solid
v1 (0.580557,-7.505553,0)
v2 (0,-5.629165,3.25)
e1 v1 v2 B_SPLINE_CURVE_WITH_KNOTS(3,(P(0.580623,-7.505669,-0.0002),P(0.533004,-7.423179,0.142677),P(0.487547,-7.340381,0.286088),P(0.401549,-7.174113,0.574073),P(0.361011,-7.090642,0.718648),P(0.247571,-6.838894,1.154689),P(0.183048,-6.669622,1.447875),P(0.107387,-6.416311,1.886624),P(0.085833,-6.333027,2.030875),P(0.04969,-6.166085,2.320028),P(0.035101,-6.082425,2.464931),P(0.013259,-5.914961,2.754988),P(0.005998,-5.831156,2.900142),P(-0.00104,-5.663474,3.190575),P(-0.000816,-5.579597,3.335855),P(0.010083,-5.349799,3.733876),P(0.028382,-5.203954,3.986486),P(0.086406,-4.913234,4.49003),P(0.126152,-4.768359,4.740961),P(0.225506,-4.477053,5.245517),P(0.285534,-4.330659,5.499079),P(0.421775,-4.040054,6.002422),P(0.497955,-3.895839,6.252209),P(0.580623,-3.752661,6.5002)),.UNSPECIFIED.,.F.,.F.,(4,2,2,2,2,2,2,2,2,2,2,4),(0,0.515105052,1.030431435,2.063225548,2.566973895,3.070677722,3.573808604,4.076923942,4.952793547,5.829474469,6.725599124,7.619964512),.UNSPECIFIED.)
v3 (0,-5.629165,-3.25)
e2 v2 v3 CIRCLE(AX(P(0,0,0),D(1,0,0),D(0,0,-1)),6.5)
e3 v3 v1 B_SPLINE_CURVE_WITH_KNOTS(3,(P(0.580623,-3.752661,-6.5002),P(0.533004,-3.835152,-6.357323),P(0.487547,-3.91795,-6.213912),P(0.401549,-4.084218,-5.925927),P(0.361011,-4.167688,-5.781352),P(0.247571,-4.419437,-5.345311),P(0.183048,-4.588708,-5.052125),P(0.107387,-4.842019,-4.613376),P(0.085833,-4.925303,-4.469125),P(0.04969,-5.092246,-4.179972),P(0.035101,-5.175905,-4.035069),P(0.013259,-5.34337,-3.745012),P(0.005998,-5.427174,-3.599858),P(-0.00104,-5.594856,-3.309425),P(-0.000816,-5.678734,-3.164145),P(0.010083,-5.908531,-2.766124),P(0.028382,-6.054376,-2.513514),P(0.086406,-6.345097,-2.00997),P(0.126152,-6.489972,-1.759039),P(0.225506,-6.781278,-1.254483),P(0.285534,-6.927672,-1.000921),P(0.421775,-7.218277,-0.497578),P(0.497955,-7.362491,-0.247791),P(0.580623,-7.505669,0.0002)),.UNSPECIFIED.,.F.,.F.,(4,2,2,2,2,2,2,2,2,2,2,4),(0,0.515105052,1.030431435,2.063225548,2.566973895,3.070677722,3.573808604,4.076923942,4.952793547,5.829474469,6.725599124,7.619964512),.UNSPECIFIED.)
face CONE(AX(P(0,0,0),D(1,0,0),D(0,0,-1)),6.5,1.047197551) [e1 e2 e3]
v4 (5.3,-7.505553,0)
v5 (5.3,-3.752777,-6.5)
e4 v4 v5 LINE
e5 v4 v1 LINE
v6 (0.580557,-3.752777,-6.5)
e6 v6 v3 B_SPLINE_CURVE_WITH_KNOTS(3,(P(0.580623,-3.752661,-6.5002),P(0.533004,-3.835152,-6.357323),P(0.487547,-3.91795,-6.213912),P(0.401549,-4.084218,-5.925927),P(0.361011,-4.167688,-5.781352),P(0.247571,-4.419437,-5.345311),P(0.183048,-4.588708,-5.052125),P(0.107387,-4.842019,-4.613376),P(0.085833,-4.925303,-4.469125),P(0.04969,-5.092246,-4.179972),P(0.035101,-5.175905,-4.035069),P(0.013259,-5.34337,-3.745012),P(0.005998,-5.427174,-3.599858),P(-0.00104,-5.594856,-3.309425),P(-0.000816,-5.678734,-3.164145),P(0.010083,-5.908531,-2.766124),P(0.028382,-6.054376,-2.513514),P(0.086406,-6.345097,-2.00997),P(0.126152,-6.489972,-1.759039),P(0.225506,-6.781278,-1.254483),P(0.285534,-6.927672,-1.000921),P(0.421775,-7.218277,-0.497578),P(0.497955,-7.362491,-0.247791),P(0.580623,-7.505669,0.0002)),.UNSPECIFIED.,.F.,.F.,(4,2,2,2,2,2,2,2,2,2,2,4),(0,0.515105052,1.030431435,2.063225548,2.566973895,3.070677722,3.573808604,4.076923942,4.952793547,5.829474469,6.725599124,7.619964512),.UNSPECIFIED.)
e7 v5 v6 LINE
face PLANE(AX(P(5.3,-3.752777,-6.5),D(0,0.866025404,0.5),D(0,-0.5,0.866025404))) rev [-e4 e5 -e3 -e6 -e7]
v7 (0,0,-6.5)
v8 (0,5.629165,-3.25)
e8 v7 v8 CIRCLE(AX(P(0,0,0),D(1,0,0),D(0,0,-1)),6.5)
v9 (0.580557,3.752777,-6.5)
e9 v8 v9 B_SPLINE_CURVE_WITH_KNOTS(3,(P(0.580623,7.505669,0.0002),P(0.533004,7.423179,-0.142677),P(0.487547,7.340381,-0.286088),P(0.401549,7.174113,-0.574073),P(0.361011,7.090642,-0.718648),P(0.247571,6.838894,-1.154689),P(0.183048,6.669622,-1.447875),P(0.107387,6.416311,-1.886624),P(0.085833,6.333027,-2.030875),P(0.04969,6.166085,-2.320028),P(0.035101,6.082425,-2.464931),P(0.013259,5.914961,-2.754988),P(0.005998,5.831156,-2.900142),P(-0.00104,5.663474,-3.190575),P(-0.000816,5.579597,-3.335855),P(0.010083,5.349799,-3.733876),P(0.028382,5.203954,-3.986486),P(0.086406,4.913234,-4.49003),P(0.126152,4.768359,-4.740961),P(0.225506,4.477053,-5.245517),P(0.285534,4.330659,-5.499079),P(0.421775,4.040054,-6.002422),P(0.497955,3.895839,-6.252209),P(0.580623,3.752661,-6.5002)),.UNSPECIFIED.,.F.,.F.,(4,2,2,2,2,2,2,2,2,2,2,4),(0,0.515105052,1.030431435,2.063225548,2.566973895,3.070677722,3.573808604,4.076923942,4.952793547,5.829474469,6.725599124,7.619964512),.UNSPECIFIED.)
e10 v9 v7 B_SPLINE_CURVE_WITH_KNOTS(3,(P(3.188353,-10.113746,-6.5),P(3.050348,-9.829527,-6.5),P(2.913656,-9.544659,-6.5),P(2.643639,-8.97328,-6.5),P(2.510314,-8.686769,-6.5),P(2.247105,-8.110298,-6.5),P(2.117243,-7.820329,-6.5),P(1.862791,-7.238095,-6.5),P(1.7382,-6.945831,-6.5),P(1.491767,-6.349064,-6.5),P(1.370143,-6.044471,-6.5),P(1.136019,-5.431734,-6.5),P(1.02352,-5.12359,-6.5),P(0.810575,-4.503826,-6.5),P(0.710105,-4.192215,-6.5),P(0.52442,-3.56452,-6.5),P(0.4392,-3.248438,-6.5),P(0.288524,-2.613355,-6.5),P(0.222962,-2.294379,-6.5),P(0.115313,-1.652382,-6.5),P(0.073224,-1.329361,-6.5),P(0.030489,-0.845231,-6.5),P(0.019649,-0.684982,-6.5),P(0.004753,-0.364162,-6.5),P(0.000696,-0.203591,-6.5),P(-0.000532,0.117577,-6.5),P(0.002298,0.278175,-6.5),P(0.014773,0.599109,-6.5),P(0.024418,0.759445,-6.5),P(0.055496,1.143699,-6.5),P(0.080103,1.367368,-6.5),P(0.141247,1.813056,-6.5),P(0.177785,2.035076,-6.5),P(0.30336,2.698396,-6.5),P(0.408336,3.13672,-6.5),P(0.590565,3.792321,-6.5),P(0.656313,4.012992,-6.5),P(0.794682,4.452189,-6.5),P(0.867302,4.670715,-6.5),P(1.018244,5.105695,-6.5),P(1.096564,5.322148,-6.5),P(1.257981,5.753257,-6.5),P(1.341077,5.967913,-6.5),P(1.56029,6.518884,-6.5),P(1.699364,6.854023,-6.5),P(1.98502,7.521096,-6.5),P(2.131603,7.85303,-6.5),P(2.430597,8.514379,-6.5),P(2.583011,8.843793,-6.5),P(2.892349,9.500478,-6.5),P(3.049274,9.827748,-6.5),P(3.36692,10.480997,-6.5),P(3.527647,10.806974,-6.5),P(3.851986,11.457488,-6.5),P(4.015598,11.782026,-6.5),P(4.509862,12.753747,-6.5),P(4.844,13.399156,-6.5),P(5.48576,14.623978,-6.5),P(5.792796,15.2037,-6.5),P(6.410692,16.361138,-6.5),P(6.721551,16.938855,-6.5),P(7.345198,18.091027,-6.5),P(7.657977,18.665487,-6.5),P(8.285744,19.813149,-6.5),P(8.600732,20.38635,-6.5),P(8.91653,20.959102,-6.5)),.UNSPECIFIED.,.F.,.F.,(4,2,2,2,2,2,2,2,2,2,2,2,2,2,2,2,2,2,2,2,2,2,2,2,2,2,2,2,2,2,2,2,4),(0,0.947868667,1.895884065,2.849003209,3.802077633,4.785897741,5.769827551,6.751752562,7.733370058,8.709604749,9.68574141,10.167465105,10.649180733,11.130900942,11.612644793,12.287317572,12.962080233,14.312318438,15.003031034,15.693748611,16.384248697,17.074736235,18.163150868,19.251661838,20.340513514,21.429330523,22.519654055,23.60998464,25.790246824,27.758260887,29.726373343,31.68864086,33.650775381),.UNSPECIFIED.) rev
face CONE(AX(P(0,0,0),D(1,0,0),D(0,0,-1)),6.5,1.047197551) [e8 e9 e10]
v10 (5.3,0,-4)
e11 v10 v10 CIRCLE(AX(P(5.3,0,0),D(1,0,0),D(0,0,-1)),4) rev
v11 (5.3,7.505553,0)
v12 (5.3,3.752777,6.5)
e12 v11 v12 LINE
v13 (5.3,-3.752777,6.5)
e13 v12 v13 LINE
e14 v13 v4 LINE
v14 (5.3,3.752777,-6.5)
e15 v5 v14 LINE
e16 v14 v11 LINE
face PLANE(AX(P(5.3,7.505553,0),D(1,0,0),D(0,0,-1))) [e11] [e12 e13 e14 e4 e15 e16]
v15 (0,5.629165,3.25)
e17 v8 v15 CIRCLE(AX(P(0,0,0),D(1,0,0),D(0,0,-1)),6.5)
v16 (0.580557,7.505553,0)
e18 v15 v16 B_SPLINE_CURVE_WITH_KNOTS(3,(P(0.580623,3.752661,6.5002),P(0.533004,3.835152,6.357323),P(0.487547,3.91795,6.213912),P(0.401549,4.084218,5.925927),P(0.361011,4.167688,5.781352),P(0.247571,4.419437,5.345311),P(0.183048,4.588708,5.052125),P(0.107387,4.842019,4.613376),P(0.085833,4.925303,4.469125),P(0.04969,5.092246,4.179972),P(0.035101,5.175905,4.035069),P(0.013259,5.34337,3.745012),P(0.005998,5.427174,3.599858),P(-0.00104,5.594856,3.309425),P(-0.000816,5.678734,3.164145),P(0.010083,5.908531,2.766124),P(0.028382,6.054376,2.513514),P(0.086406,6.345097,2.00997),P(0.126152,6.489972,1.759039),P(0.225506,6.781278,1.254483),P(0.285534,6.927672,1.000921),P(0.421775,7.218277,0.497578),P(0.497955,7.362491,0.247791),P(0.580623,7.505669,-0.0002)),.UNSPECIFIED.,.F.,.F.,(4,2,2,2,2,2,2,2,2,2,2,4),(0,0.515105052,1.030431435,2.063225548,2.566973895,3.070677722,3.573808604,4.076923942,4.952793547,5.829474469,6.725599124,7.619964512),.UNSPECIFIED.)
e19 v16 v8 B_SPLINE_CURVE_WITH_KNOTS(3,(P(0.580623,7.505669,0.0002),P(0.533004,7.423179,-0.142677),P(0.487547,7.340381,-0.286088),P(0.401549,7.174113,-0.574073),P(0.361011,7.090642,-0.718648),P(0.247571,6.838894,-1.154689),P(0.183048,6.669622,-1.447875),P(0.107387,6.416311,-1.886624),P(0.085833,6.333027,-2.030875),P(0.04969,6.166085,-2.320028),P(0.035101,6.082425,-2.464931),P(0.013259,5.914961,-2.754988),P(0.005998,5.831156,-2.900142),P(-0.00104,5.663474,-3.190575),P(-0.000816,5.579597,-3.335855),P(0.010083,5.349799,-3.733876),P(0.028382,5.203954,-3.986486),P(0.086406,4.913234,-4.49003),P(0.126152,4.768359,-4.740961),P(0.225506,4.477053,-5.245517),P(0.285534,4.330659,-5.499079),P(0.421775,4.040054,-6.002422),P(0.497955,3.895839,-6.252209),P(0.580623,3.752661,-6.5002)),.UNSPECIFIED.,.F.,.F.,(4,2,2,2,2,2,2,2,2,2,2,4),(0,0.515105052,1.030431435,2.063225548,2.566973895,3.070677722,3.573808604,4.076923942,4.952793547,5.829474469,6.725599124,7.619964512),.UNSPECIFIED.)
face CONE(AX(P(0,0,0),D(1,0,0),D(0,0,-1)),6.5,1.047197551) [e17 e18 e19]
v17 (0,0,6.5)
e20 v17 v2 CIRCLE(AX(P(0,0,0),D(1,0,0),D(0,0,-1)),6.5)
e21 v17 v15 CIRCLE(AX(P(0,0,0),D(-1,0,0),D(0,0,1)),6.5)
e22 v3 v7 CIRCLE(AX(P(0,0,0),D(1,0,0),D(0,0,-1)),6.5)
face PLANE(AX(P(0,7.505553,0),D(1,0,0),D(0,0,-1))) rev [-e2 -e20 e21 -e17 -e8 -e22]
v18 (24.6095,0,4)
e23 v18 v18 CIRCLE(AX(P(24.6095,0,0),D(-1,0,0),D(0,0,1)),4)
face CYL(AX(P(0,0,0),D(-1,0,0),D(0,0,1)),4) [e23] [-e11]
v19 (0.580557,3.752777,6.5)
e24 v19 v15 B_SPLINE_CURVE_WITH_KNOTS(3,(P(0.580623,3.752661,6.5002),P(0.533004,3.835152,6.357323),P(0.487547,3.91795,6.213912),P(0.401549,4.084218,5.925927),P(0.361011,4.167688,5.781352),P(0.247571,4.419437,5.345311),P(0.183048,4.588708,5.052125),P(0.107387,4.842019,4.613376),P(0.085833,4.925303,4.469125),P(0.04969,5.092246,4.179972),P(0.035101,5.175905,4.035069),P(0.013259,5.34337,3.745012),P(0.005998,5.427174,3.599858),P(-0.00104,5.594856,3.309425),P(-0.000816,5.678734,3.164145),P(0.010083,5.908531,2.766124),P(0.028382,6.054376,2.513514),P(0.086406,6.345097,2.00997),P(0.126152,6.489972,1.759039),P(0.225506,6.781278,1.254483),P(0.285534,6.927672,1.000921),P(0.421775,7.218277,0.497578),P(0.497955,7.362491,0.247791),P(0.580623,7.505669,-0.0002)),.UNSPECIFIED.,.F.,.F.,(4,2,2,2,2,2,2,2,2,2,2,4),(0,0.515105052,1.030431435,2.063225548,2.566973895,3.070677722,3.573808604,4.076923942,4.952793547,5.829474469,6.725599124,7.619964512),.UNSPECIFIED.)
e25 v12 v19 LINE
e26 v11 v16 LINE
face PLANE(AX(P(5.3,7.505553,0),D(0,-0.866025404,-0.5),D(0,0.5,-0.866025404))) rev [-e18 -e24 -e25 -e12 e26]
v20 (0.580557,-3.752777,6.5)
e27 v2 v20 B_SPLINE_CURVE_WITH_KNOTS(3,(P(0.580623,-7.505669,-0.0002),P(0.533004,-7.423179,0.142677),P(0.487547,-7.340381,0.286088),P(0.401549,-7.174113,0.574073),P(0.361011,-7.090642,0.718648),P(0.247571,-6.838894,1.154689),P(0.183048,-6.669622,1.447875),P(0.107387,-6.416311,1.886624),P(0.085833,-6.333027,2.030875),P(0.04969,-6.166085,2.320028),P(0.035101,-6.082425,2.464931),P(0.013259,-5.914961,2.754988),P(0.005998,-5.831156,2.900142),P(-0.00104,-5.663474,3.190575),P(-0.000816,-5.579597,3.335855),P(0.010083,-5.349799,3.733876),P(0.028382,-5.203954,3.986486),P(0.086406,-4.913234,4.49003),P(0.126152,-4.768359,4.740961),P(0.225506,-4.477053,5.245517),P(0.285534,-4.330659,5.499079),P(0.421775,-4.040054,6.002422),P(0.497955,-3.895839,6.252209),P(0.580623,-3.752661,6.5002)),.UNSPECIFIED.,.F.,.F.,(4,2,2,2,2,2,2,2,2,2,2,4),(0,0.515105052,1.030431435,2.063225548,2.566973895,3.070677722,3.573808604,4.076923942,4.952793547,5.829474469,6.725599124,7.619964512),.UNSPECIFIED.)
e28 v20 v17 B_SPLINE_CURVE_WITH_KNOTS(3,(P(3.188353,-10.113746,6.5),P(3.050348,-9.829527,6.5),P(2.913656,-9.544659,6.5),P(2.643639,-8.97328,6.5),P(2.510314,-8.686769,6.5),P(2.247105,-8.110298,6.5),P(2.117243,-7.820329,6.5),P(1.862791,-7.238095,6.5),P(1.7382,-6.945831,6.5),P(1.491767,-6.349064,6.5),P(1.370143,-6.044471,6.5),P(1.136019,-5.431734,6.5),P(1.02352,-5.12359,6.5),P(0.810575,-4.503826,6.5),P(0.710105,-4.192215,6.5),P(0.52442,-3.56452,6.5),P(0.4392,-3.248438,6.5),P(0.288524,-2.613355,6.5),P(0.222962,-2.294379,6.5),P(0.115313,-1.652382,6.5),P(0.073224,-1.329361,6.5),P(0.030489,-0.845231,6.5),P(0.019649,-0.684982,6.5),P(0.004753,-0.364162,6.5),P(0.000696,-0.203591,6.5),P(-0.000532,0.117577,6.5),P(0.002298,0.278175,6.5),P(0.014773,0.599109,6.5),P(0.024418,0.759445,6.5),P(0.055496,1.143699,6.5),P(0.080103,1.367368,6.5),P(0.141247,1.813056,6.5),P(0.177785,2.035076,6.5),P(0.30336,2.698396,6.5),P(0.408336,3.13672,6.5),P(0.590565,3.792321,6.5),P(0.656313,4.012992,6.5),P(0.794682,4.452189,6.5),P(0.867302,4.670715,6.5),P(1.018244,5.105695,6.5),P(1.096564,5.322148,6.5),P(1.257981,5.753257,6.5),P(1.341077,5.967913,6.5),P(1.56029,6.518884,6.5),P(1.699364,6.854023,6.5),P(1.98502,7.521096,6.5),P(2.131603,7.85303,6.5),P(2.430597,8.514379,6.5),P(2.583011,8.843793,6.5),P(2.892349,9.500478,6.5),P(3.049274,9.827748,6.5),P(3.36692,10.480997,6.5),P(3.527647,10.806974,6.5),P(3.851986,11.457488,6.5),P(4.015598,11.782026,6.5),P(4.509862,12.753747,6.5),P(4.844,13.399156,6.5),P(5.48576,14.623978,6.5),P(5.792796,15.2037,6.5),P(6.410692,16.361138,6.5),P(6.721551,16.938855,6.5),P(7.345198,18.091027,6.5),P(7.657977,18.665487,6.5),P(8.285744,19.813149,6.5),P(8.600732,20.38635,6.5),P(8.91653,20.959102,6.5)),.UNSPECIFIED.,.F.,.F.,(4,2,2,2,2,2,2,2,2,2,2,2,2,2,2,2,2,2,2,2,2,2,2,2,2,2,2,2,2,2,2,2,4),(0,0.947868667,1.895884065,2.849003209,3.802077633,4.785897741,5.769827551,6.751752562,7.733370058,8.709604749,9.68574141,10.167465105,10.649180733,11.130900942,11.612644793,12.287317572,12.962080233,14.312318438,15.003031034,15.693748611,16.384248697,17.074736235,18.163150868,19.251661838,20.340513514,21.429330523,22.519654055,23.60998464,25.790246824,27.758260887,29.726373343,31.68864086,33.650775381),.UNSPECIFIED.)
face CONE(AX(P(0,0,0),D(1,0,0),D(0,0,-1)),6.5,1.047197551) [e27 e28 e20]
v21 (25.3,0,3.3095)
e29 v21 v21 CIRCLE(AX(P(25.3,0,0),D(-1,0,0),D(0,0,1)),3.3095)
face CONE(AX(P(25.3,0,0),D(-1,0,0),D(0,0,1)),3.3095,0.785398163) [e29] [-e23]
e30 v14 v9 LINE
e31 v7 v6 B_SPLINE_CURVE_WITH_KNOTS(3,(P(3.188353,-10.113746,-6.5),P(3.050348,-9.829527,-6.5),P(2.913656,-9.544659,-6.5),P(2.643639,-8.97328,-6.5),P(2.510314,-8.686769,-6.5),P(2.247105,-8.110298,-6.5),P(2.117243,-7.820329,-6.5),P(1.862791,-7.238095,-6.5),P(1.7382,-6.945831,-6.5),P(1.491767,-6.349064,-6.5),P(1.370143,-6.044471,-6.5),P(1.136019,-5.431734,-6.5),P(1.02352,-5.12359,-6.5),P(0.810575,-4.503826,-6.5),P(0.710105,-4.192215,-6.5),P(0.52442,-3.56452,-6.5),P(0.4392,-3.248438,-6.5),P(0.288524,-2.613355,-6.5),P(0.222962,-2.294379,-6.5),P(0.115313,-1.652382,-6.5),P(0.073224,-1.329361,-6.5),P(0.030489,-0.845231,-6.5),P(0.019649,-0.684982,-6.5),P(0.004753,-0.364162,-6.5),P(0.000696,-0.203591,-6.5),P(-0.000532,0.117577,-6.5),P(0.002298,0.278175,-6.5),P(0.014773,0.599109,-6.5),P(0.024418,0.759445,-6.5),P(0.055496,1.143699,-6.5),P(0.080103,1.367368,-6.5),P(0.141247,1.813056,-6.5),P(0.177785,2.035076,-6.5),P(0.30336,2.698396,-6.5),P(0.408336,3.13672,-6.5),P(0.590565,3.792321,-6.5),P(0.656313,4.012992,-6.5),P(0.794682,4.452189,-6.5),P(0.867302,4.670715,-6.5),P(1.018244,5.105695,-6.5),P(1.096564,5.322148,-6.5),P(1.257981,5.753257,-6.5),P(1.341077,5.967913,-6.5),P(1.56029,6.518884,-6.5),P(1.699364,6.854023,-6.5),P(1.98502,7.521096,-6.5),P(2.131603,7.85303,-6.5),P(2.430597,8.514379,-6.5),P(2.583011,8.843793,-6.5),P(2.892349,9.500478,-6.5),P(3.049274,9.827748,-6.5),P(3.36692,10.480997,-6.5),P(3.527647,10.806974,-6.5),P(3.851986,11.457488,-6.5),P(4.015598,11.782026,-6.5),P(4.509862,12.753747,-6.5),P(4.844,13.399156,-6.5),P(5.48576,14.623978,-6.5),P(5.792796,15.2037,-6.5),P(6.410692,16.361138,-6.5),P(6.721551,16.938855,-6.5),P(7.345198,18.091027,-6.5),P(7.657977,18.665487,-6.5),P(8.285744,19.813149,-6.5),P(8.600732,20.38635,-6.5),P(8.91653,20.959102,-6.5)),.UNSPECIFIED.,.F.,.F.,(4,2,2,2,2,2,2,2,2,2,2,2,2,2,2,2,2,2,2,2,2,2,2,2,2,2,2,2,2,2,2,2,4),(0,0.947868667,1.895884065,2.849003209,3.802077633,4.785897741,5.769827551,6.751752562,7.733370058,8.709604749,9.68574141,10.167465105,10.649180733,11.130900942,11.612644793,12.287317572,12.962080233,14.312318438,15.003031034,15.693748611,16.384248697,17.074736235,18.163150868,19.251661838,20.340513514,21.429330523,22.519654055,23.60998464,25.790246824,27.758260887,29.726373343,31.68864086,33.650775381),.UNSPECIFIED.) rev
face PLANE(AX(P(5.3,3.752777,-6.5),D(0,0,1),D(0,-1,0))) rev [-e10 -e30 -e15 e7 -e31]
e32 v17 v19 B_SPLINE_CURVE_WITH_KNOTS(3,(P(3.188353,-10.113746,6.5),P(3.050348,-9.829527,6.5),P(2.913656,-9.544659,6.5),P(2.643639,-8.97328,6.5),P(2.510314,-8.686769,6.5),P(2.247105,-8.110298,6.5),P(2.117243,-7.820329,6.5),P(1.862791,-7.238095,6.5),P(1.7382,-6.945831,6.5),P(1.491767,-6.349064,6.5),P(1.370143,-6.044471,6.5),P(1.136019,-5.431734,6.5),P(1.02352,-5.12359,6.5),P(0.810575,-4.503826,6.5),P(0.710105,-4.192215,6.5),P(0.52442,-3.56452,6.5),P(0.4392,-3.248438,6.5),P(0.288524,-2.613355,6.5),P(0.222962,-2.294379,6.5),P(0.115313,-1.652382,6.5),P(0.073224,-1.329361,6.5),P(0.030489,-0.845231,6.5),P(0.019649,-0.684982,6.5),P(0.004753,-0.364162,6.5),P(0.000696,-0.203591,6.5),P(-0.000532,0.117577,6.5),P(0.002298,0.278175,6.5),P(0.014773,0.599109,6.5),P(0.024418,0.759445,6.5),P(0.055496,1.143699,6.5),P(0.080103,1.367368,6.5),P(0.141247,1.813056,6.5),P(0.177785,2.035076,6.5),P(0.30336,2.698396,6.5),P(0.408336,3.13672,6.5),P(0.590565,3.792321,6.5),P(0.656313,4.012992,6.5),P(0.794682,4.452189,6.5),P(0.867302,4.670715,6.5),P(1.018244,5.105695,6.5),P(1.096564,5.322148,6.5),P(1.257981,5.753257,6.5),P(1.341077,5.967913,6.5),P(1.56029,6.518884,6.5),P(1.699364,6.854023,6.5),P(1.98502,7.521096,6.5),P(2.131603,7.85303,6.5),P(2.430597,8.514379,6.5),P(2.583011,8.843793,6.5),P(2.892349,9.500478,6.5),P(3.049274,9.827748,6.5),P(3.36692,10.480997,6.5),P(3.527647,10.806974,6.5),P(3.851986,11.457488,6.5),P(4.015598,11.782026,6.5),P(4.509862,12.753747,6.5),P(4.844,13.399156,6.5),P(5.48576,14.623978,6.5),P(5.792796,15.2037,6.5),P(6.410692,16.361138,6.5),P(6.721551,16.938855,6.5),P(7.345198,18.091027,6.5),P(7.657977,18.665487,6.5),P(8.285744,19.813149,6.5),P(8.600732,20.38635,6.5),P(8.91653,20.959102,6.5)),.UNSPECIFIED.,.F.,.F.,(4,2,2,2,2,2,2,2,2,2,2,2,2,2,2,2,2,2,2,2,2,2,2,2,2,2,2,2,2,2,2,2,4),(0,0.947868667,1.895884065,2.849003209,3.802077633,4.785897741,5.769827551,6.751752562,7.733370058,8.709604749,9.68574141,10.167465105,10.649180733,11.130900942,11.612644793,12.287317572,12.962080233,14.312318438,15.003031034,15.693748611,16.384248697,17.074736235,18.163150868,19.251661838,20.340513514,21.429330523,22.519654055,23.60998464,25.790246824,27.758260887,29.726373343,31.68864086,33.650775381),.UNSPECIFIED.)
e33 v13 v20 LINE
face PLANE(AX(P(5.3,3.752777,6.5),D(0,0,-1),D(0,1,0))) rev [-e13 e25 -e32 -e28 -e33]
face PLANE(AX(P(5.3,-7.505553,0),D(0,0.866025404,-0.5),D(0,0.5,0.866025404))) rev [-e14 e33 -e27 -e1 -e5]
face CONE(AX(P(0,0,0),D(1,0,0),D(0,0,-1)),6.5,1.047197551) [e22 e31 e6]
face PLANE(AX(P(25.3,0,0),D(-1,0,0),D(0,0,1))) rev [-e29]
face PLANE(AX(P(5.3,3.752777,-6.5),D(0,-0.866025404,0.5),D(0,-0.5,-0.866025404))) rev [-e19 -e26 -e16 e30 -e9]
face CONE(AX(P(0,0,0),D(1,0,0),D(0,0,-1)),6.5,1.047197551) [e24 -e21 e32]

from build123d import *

# Parameters (mm, degrees)
BASEHEAD_DEPTH = 5.3


with BuildPart() as part:
    # Sketch1 → BaseHead (new body)
    with BuildSketch(Plane(origin=(0, 0, 0), x_dir=(0, 0, -1), z_dir=(1, 0, 0))):
        Polygon((6.5, 3.75277675), (6.5, -3.75277675), (0, -7.505553499), (-6.5, -3.75277675), (-6.5, 3.75277675), (0, 7.505553499), align=None)
    extrude(amount=BASEHEAD_DEPTH)

    # BodySke → BaseBody (revolve)
    with BuildSketch(Plane.XY, mode=Mode.PRIVATE) as basebody_sk:
        Polygon((0, 0), (25.3, 0), (25.3, 3.3095), (24.6095, 4), (0, 4), align=None)
    revolve(basebody_sk.sketch.rotate(Axis((0, 0, 0), (1, 0, 0)), 90), axis=Axis((0, 0, 0), (1, 0, 0)))

    # Sketch3 → HeadChamfer (revolve, cut)
    with BuildSketch(Plane.XY):
        Polygon((0, 6.5), (3.46730793, 12.505553499), (3.46730793, 17.505553499), (-10, 17.505553499), (-10, 6.5), align=None)
    revolve(axis=Axis((0, 0, 0), (1, 0, 0)), mode=Mode.SUBTRACT)


solid = part.part
